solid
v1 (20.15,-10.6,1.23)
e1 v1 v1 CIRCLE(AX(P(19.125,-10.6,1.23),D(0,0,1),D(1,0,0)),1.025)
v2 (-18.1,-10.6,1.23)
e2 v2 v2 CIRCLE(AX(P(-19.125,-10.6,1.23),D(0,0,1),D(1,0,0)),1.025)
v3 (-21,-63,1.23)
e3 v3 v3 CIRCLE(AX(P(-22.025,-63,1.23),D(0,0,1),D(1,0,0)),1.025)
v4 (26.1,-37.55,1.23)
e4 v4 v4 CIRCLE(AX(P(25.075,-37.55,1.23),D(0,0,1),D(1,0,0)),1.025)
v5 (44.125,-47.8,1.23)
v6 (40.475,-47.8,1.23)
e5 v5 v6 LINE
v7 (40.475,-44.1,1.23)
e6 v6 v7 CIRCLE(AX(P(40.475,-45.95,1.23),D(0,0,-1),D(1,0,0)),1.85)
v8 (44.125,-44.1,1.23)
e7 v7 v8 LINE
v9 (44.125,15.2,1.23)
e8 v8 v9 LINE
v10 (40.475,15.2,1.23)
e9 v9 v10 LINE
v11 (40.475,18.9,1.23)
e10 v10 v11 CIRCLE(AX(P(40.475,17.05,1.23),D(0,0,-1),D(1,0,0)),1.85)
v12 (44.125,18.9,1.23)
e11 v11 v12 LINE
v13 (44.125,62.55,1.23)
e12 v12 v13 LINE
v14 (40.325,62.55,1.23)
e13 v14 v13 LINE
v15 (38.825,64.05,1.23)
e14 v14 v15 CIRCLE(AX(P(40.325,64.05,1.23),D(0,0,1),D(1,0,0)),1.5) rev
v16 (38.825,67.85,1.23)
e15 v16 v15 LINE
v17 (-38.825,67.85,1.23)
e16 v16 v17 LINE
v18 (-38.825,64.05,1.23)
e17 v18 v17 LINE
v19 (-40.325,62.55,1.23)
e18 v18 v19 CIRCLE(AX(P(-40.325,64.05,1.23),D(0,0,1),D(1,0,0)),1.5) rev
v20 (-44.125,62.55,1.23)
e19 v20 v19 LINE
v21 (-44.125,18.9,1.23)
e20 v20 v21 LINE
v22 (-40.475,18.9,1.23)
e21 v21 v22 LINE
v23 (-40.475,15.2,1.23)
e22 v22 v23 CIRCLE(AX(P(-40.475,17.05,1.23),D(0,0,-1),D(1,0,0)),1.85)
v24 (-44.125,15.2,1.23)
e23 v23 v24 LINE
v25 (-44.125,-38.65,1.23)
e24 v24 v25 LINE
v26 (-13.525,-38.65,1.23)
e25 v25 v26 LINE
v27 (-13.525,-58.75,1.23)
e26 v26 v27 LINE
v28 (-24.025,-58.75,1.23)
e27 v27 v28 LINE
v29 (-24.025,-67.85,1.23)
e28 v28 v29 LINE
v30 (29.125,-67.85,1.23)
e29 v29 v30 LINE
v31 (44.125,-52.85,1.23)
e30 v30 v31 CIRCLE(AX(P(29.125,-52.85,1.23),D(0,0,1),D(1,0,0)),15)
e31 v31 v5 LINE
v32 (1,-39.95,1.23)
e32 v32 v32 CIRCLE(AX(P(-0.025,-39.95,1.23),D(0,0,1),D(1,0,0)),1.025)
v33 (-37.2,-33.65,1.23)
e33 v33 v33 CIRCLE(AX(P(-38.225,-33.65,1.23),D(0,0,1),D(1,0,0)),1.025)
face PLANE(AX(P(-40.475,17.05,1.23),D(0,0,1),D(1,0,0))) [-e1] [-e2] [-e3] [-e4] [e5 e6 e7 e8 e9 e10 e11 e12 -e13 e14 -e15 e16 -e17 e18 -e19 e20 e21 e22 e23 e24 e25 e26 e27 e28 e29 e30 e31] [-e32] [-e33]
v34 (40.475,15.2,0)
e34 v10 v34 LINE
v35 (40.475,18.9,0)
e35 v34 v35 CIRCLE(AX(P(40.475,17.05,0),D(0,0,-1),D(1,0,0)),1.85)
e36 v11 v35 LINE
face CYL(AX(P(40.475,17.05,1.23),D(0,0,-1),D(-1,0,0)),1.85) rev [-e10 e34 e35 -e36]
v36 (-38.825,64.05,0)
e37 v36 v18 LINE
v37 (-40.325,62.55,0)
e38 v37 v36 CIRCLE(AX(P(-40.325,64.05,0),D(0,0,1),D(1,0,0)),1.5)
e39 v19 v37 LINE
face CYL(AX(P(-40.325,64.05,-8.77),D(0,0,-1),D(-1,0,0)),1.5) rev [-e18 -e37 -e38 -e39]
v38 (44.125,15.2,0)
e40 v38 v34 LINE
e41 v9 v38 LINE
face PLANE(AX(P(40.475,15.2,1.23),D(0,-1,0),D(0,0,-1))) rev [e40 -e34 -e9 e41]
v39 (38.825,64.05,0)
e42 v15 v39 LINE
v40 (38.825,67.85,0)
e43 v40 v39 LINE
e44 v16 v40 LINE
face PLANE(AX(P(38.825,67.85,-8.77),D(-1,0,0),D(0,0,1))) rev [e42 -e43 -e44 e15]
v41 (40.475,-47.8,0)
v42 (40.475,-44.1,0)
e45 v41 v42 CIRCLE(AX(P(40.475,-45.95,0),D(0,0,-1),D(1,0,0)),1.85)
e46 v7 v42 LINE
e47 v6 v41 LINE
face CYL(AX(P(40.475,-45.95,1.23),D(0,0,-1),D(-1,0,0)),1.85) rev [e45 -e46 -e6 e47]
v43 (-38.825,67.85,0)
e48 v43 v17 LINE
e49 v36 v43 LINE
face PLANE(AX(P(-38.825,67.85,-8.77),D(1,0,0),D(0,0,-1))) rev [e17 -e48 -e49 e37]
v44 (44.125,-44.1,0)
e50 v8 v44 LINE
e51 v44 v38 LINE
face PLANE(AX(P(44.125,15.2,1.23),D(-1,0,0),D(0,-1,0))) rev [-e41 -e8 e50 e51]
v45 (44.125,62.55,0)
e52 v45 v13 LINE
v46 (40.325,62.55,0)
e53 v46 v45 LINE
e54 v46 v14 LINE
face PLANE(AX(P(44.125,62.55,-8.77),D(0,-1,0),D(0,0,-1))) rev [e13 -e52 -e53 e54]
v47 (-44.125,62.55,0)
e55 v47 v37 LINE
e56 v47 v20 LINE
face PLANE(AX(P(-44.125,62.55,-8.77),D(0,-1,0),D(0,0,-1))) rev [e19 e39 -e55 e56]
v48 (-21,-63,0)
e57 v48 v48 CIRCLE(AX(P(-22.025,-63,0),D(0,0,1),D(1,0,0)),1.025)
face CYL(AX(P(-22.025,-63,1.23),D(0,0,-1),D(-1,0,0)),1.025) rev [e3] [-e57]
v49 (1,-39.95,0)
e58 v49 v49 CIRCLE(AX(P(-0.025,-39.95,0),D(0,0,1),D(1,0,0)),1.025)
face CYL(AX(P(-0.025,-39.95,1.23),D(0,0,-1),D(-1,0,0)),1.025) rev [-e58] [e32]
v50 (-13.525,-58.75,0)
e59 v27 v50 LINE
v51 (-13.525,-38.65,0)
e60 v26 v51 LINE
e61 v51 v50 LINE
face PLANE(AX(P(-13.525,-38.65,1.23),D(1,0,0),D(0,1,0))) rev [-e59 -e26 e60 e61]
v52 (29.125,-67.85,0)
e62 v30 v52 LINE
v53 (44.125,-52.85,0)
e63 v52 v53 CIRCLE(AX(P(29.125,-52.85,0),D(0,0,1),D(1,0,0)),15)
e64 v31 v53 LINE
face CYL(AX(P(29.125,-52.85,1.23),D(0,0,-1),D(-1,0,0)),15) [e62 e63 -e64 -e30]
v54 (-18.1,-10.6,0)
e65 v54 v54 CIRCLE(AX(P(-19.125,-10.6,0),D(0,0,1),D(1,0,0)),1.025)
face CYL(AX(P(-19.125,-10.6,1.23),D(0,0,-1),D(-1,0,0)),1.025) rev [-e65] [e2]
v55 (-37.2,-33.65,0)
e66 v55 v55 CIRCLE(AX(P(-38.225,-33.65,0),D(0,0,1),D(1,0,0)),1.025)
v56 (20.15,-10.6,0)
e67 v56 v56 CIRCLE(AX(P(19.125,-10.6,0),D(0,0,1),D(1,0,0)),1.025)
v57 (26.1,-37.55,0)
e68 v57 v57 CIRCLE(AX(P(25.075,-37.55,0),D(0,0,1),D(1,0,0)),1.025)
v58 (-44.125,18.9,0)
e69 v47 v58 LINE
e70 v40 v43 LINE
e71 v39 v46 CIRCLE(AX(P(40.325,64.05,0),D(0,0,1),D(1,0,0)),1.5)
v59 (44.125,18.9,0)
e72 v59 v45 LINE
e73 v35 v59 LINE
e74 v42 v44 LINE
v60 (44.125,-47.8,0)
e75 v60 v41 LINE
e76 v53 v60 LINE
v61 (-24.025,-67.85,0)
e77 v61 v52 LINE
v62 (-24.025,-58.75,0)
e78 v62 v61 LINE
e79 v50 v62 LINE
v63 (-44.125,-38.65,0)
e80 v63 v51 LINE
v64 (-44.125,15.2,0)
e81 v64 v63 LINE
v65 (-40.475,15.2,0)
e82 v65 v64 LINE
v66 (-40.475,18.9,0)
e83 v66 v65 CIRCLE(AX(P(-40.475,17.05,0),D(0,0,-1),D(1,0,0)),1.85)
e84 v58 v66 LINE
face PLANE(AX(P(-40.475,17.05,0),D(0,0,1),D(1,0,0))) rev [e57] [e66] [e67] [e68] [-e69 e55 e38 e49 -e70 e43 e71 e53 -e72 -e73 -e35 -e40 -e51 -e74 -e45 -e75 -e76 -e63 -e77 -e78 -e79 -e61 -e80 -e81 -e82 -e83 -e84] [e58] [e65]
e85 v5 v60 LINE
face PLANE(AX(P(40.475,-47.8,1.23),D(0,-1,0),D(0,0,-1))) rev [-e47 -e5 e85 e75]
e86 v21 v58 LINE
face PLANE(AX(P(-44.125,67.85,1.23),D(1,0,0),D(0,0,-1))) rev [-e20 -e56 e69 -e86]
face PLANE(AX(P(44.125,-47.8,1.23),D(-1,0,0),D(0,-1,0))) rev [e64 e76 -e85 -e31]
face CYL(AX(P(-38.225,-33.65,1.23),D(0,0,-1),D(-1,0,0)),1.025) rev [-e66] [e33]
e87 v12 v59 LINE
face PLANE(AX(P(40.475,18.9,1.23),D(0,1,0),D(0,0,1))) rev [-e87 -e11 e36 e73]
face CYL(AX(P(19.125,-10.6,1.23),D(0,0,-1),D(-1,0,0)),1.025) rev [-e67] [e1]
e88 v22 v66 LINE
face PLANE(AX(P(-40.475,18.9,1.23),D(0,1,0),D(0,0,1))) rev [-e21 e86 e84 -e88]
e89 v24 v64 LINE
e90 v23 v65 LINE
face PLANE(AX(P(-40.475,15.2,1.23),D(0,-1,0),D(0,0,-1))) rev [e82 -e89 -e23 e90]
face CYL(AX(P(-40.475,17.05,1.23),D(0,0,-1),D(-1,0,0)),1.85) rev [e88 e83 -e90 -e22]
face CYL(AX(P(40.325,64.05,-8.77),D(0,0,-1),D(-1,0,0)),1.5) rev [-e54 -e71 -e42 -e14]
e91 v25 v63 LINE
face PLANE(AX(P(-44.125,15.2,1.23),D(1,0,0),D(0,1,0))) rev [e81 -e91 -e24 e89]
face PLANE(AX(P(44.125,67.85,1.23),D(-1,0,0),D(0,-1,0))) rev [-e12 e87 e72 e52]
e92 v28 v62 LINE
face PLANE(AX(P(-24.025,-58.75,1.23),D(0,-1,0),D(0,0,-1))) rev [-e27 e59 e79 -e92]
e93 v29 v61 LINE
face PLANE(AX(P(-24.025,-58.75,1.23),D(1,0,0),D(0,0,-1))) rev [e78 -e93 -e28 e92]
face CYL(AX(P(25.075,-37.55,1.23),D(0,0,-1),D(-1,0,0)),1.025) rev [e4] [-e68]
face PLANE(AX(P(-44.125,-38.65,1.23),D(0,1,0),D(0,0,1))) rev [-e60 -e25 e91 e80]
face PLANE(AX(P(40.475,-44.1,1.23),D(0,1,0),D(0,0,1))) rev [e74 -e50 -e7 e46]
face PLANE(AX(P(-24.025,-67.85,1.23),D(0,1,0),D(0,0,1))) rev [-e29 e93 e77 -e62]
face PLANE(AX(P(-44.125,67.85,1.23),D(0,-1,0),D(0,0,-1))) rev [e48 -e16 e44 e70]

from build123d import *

# Parameters (mm, degrees)
SKETCH_1_R          = 1.025
EXTRUDE_1_DEPTH     = 1.23
SKETCH_2_W          = 5.3
SKETCH_2_H          = 5.3
CUT_EXTRUDE_1_DEPTH = 10
FILLET_1_R          = 1.5


with BuildPart() as part:
    # 草图1 → 凸台-拉伸1 (new body)
    with BuildSketch(Plane.XY):
        with BuildLine():
            Line((44.125, 15.2), (44.125, -44.1))
            Line((44.125, -44.1), (40.475, -44.1))
            ThreePointArc((40.475, -44.1), (38.625, -45.95), (40.475, -47.8))
            Line((40.475, -47.8), (44.125, -47.8))
            Line((44.125, -47.8), (44.125, -52.85))
            ThreePointArc((44.125, -52.85), (39.731601718, -63.456601718), (29.125, -67.85))
            Line((29.125, -67.85), (-24.025, -67.85))
            Line((-24.025, -67.85), (-24.025, -58.75))
            Line((-24.025, -58.75), (-13.525, -58.75))
            Line((-13.525, -58.75), (-13.525, -38.65))
            Line((-13.525, -38.65), (-44.125, -38.65))
            Line((-44.125, -38.65), (-44.125, 15.2))
            Line((-44.125, 15.2), (-40.475, 15.2))
            ThreePointArc((-40.475, 15.2), (-38.625, 17.05), (-40.475, 18.9))
            Line((-40.475, 18.9), (-44.125, 18.9))
            Line((-44.125, 18.9), (-44.125, 67.85))
            Line((-44.125, 67.85), (44.125, 67.85))
            Line((44.125, 67.85), (44.125, 18.9))
            Line((44.125, 18.9), (40.475, 18.9))
            ThreePointArc((40.475, 18.9), (38.625, 17.05), (40.475, 15.2))
            Line((40.475, 15.2), (44.125, 15.2))
        make_face()
        with Locations((-22.025, -63)):
            Circle(SKETCH_1_R, mode=Mode.SUBTRACT)
        with Locations((-19.125, -10.6)):
            Circle(SKETCH_1_R, mode=Mode.SUBTRACT)
        with Locations((-0.025, -39.95)):
            Circle(SKETCH_1_R, mode=Mode.SUBTRACT)
        with Locations((-38.225, -33.65)):
            Circle(SKETCH_1_R, mode=Mode.SUBTRACT)
        with Locations((25.075, -37.55)):
            Circle(SKETCH_1_R, mode=Mode.SUBTRACT)
        with Locations((19.125, -10.6)):
            Circle(SKETCH_1_R, mode=Mode.SUBTRACT)
    extrude(amount=EXTRUDE_1_DEPTH)

    # 草图2 → 切除-拉伸1 (cut)
    with BuildSketch(Plane.XY.offset(1.23)):
        with Locations((-41.475, 65.2)):
            Rectangle(SKETCH_2_W, SKETCH_2_H)
        with Locations((41.475, 65.2)):
            Rectangle(SKETCH_2_W, SKETCH_2_H)
    extrude(amount=-CUT_EXTRUDE_1_DEPTH, mode=Mode.SUBTRACT)

    # 圆角1
    fillet_1_edges = [part.edges().sort_by_distance(p)[0] for p in [
        (-38.825, 62.55, 0.615),
        (38.825, 62.55, 0.615),
    ]]
    fillet(fillet_1_edges, radius=FILLET_1_R)


solid = part.part
